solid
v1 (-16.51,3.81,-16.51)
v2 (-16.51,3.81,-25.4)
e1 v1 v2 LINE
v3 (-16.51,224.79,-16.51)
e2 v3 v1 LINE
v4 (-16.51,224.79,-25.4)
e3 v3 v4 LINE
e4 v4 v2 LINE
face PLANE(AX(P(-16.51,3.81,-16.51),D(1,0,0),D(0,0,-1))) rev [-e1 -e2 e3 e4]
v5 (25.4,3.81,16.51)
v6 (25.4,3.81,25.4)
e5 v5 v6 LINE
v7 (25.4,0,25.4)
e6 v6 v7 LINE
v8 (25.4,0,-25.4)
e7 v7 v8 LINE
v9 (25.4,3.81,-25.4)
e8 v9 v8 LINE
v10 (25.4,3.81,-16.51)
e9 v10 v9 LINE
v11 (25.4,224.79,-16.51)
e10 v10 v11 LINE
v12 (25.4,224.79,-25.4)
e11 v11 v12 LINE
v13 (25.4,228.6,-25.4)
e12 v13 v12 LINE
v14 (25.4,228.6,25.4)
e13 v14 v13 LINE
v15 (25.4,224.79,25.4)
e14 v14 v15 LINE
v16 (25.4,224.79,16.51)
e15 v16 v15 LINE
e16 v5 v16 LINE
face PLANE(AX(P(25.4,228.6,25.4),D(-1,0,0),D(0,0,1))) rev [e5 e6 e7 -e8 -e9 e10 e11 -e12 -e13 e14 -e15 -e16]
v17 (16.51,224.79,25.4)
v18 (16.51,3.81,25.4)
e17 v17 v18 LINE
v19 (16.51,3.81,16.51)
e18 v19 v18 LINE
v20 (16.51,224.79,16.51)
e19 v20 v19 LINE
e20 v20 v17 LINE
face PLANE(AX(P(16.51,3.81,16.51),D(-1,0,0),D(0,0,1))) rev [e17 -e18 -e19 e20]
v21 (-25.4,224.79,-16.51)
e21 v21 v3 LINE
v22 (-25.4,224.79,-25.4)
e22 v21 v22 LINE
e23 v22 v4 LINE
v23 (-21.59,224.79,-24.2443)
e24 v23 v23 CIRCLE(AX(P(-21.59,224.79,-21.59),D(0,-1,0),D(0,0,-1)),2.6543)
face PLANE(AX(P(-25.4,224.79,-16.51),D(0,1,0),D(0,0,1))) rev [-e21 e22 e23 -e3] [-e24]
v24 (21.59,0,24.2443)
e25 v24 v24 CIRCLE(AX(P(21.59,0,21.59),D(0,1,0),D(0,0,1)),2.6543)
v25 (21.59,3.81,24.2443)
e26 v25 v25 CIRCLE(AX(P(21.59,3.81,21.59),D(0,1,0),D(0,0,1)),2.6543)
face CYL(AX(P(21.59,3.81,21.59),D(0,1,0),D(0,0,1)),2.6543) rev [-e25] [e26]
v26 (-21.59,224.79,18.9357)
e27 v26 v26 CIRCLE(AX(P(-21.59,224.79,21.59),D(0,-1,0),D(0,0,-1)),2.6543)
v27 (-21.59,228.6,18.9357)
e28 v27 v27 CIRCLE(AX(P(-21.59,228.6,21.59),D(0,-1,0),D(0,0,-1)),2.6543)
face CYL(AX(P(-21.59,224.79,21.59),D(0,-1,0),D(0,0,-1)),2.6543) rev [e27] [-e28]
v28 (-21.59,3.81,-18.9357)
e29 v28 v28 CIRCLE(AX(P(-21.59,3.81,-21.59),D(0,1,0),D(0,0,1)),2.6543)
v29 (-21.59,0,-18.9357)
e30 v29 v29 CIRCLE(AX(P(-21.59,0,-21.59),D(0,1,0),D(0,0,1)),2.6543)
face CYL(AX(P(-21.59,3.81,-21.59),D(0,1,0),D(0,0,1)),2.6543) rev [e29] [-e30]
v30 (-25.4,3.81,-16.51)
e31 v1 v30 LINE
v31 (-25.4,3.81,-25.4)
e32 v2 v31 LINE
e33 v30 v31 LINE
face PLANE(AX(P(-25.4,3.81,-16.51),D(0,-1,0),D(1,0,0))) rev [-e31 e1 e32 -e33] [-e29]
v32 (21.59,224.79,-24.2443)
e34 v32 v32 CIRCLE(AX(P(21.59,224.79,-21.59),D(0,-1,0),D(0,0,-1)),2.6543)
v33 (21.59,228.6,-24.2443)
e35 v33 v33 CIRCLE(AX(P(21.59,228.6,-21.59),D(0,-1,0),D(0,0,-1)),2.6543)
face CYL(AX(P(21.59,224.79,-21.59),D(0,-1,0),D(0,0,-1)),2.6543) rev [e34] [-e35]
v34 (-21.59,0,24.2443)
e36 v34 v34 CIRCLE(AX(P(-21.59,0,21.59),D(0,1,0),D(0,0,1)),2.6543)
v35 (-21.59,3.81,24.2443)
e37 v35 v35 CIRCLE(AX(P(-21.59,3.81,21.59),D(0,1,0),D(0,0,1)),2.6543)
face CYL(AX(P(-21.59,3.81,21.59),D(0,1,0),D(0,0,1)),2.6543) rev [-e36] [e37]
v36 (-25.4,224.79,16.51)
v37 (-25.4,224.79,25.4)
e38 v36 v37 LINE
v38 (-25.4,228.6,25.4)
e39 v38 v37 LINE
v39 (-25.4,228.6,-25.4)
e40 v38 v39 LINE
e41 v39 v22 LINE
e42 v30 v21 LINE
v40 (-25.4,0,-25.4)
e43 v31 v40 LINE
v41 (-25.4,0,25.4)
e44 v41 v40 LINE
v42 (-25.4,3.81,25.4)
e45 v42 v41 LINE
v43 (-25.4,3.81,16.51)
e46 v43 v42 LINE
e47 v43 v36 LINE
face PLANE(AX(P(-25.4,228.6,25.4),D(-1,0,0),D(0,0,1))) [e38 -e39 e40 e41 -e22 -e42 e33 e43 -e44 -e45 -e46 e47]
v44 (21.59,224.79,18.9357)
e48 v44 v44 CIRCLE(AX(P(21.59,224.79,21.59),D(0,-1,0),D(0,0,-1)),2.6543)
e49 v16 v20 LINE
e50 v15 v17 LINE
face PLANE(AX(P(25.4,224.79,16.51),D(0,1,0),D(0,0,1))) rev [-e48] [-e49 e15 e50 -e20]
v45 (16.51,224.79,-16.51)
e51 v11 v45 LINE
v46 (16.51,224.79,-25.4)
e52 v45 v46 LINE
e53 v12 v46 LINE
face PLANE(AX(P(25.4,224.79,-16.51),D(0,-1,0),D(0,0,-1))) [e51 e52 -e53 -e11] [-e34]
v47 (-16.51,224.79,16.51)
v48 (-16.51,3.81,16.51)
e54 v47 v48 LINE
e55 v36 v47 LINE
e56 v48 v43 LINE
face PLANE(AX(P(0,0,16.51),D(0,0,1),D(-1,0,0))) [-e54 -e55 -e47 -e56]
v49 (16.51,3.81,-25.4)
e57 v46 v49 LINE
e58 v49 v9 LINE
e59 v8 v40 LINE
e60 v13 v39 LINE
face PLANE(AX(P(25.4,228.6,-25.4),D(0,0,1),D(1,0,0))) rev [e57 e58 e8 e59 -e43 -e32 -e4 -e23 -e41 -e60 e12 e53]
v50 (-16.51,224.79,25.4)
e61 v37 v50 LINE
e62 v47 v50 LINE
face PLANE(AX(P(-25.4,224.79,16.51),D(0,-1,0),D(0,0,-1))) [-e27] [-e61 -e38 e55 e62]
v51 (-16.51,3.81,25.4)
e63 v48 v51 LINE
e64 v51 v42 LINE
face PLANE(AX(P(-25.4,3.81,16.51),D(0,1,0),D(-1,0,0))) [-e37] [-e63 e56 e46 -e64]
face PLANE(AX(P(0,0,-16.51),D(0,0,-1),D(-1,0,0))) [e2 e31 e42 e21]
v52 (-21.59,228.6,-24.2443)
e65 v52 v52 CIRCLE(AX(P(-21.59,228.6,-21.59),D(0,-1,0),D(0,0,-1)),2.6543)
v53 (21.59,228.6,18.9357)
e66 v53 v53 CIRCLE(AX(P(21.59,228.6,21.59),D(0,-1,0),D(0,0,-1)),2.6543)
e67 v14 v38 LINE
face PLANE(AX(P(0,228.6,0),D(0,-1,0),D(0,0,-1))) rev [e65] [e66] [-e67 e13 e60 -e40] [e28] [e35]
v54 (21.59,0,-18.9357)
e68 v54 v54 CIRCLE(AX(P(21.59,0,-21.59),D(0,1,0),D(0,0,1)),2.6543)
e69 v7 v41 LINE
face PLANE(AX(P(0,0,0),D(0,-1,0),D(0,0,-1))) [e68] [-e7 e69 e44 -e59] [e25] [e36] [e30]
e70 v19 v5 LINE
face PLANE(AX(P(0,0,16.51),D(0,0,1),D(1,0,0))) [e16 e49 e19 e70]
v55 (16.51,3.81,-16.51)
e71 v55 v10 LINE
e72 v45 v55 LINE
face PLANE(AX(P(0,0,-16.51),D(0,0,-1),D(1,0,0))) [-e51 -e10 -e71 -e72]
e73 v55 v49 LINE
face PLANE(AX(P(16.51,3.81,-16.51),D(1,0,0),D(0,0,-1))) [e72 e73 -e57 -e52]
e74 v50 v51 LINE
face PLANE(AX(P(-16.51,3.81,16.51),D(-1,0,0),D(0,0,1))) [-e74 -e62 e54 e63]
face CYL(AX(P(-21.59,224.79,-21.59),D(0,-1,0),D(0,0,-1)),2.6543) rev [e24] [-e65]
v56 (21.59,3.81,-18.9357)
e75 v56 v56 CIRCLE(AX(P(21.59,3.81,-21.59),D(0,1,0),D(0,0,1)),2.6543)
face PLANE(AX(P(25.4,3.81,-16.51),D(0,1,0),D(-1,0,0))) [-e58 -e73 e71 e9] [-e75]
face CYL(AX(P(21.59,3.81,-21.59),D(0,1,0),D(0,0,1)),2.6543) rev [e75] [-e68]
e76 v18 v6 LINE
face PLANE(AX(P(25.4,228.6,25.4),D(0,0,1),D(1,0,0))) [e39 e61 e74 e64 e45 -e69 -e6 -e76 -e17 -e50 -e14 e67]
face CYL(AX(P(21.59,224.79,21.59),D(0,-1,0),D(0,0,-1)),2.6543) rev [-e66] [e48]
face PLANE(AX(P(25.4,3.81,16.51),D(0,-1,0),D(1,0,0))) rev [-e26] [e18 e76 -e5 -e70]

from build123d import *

# Parameters (mm, degrees)
SKETCH1_W                                  = 50.8
SKETCH1_H                                  = 50.8
BOSS_EXTRUDE1_DEPTH                        = 228.6
SKETCH2_W                                  = 8.89
SKETCH2_H                                  = 220.98
CUT_EXTRUDE1_DEPTH                         = 8.89
F_4_0_209_DIAMETER_HOLE1_D                 = 5.3086
F_4_0_209_DIAMETER_HOLE1_DEPTH             = 3.81
F_4_0_209_DIAMETER_HOLE2_D                 = 5.3086
MIRROR1_AT_THE_SECOND_PLANE_COPY_1_SKETC_W = 8.89
MIRROR1_AT_THE_SECOND_PLANE_COPY_1_SKETC_H = 220.98
MIRROR1_AT_THE_SECOND_PLANE_COPY_1_DEPTH   = 8.89
MIRROR1_AT_THE_SECOND_PLANE_COPY_2_D       = 5.3086
MIRROR1_AT_THE_SECOND_PLANE_COPY_2_DEPTH   = 3.81
MIRROR1_AT_THE_SECOND_PLANE_COPY_3_D       = 5.3086


with BuildPart() as part:
    # Sketch1 → Boss-Extrude1 (new body)
    with BuildSketch(Plane(origin=(0, 0, 0), x_dir=(1, 0, 0), z_dir=(0, 1, 0))):
        Rectangle(SKETCH1_W, SKETCH1_H)
    extrude(amount=BOSS_EXTRUDE1_DEPTH)

    # Sketch2 → Cut-Extrude1 (cut)
    with BuildSketch(Plane.XY.offset(25.4)):
        with Locations((20.955, 114.3)):
            Rectangle(SKETCH2_W, SKETCH2_H)
    cut_extrude1 = extrude(amount=-CUT_EXTRUDE1_DEPTH, mode=Mode.SUBTRACT)

    # #4 (0.209) Diameter Hole1
    with Locations(Plane(origin=(0, 3.81, 0), x_dir=(1, 0, 0), z_dir=(0, 1, 0))):
        with Locations((21.59, -21.59)):
            f_4_0_209_diameter_hole1 = Hole(F_4_0_209_DIAMETER_HOLE1_D / 2, depth=F_4_0_209_DIAMETER_HOLE1_DEPTH)

    # #4 (0.209) Diameter Hole2 (through all)
    with Locations(Plane(origin=(0, 224.79, 0), x_dir=(-1, 0, 0), z_dir=(0, -1, 0))):
        with Locations((-21.59, -21.59)):
            f_4_0_209_diameter_hole2 = Hole(F_4_0_209_DIAMETER_HOLE2_D / 2)

    # Mirror1: Cut-Extrude1, #4 (0.209) Diameter Hole1, #4 (0.209) Diameter Hole2 across plane
    add(cut_extrude1.mirror(Plane(origin=(0, 0, 0), x_dir=(0, 0, 1), z_dir=(1, 0, 0))), mode=Mode.SUBTRACT)
    add(f_4_0_209_diameter_hole1.mirror(Plane(origin=(0, 0, 0), x_dir=(0, 0, 1), z_dir=(1, 0, 0))), mode=Mode.SUBTRACT)
    add(f_4_0_209_diameter_hole2.mirror(Plane(origin=(0, 0, 0), x_dir=(0, 0, 1), z_dir=(1, 0, 0))), mode=Mode.SUBTRACT)

    # Mirror1 at the second plane: Cut-Extrude1, #4 (0.209) Diameter Hole1, #4 (0.209) Diameter Hole2 across plane
    add(cut_extrude1.mirror(Plane.XY), mode=Mode.SUBTRACT)
    add(f_4_0_209_diameter_hole1.mirror(Plane.XY), mode=Mode.SUBTRACT)
    add(f_4_0_209_diameter_hole2.mirror(Plane.XY), mode=Mode.SUBTRACT)

    # Mirror1 at the second plane copy 1 sketc → Mirror1 at the second plane copy 1 (cut)
    with BuildSketch(Plane(origin=(0, 0, -25.4), x_dir=(-1, 0, 0), z_dir=(0, 0, -1))):
        with Locations((20.955, 114.3)):
            Rectangle(MIRROR1_AT_THE_SECOND_PLANE_COPY_1_SKETC_W, MIRROR1_AT_THE_SECOND_PLANE_COPY_1_SKETC_H)
    extrude(amount=-MIRROR1_AT_THE_SECOND_PLANE_COPY_1_DEPTH, mode=Mode.SUBTRACT)

    # Mirror1 at the second plane copy 2
    with Locations(Plane(origin=(0, 3.81, 0), x_dir=(-1, 0, 0), z_dir=(0, 1, 0))):
        with Locations((21.59, -21.59)):
            Hole(MIRROR1_AT_THE_SECOND_PLANE_COPY_2_D / 2, depth=MIRROR1_AT_THE_SECOND_PLANE_COPY_2_DEPTH)

    # Mirror1 at the second plane copy 3 (through all)
    with Locations(Plane.XZ.offset(-224.79)):
        with Locations((-21.59, -21.59)):
            Hole(MIRROR1_AT_THE_SECOND_PLANE_COPY_3_D / 2)


solid = part.part
